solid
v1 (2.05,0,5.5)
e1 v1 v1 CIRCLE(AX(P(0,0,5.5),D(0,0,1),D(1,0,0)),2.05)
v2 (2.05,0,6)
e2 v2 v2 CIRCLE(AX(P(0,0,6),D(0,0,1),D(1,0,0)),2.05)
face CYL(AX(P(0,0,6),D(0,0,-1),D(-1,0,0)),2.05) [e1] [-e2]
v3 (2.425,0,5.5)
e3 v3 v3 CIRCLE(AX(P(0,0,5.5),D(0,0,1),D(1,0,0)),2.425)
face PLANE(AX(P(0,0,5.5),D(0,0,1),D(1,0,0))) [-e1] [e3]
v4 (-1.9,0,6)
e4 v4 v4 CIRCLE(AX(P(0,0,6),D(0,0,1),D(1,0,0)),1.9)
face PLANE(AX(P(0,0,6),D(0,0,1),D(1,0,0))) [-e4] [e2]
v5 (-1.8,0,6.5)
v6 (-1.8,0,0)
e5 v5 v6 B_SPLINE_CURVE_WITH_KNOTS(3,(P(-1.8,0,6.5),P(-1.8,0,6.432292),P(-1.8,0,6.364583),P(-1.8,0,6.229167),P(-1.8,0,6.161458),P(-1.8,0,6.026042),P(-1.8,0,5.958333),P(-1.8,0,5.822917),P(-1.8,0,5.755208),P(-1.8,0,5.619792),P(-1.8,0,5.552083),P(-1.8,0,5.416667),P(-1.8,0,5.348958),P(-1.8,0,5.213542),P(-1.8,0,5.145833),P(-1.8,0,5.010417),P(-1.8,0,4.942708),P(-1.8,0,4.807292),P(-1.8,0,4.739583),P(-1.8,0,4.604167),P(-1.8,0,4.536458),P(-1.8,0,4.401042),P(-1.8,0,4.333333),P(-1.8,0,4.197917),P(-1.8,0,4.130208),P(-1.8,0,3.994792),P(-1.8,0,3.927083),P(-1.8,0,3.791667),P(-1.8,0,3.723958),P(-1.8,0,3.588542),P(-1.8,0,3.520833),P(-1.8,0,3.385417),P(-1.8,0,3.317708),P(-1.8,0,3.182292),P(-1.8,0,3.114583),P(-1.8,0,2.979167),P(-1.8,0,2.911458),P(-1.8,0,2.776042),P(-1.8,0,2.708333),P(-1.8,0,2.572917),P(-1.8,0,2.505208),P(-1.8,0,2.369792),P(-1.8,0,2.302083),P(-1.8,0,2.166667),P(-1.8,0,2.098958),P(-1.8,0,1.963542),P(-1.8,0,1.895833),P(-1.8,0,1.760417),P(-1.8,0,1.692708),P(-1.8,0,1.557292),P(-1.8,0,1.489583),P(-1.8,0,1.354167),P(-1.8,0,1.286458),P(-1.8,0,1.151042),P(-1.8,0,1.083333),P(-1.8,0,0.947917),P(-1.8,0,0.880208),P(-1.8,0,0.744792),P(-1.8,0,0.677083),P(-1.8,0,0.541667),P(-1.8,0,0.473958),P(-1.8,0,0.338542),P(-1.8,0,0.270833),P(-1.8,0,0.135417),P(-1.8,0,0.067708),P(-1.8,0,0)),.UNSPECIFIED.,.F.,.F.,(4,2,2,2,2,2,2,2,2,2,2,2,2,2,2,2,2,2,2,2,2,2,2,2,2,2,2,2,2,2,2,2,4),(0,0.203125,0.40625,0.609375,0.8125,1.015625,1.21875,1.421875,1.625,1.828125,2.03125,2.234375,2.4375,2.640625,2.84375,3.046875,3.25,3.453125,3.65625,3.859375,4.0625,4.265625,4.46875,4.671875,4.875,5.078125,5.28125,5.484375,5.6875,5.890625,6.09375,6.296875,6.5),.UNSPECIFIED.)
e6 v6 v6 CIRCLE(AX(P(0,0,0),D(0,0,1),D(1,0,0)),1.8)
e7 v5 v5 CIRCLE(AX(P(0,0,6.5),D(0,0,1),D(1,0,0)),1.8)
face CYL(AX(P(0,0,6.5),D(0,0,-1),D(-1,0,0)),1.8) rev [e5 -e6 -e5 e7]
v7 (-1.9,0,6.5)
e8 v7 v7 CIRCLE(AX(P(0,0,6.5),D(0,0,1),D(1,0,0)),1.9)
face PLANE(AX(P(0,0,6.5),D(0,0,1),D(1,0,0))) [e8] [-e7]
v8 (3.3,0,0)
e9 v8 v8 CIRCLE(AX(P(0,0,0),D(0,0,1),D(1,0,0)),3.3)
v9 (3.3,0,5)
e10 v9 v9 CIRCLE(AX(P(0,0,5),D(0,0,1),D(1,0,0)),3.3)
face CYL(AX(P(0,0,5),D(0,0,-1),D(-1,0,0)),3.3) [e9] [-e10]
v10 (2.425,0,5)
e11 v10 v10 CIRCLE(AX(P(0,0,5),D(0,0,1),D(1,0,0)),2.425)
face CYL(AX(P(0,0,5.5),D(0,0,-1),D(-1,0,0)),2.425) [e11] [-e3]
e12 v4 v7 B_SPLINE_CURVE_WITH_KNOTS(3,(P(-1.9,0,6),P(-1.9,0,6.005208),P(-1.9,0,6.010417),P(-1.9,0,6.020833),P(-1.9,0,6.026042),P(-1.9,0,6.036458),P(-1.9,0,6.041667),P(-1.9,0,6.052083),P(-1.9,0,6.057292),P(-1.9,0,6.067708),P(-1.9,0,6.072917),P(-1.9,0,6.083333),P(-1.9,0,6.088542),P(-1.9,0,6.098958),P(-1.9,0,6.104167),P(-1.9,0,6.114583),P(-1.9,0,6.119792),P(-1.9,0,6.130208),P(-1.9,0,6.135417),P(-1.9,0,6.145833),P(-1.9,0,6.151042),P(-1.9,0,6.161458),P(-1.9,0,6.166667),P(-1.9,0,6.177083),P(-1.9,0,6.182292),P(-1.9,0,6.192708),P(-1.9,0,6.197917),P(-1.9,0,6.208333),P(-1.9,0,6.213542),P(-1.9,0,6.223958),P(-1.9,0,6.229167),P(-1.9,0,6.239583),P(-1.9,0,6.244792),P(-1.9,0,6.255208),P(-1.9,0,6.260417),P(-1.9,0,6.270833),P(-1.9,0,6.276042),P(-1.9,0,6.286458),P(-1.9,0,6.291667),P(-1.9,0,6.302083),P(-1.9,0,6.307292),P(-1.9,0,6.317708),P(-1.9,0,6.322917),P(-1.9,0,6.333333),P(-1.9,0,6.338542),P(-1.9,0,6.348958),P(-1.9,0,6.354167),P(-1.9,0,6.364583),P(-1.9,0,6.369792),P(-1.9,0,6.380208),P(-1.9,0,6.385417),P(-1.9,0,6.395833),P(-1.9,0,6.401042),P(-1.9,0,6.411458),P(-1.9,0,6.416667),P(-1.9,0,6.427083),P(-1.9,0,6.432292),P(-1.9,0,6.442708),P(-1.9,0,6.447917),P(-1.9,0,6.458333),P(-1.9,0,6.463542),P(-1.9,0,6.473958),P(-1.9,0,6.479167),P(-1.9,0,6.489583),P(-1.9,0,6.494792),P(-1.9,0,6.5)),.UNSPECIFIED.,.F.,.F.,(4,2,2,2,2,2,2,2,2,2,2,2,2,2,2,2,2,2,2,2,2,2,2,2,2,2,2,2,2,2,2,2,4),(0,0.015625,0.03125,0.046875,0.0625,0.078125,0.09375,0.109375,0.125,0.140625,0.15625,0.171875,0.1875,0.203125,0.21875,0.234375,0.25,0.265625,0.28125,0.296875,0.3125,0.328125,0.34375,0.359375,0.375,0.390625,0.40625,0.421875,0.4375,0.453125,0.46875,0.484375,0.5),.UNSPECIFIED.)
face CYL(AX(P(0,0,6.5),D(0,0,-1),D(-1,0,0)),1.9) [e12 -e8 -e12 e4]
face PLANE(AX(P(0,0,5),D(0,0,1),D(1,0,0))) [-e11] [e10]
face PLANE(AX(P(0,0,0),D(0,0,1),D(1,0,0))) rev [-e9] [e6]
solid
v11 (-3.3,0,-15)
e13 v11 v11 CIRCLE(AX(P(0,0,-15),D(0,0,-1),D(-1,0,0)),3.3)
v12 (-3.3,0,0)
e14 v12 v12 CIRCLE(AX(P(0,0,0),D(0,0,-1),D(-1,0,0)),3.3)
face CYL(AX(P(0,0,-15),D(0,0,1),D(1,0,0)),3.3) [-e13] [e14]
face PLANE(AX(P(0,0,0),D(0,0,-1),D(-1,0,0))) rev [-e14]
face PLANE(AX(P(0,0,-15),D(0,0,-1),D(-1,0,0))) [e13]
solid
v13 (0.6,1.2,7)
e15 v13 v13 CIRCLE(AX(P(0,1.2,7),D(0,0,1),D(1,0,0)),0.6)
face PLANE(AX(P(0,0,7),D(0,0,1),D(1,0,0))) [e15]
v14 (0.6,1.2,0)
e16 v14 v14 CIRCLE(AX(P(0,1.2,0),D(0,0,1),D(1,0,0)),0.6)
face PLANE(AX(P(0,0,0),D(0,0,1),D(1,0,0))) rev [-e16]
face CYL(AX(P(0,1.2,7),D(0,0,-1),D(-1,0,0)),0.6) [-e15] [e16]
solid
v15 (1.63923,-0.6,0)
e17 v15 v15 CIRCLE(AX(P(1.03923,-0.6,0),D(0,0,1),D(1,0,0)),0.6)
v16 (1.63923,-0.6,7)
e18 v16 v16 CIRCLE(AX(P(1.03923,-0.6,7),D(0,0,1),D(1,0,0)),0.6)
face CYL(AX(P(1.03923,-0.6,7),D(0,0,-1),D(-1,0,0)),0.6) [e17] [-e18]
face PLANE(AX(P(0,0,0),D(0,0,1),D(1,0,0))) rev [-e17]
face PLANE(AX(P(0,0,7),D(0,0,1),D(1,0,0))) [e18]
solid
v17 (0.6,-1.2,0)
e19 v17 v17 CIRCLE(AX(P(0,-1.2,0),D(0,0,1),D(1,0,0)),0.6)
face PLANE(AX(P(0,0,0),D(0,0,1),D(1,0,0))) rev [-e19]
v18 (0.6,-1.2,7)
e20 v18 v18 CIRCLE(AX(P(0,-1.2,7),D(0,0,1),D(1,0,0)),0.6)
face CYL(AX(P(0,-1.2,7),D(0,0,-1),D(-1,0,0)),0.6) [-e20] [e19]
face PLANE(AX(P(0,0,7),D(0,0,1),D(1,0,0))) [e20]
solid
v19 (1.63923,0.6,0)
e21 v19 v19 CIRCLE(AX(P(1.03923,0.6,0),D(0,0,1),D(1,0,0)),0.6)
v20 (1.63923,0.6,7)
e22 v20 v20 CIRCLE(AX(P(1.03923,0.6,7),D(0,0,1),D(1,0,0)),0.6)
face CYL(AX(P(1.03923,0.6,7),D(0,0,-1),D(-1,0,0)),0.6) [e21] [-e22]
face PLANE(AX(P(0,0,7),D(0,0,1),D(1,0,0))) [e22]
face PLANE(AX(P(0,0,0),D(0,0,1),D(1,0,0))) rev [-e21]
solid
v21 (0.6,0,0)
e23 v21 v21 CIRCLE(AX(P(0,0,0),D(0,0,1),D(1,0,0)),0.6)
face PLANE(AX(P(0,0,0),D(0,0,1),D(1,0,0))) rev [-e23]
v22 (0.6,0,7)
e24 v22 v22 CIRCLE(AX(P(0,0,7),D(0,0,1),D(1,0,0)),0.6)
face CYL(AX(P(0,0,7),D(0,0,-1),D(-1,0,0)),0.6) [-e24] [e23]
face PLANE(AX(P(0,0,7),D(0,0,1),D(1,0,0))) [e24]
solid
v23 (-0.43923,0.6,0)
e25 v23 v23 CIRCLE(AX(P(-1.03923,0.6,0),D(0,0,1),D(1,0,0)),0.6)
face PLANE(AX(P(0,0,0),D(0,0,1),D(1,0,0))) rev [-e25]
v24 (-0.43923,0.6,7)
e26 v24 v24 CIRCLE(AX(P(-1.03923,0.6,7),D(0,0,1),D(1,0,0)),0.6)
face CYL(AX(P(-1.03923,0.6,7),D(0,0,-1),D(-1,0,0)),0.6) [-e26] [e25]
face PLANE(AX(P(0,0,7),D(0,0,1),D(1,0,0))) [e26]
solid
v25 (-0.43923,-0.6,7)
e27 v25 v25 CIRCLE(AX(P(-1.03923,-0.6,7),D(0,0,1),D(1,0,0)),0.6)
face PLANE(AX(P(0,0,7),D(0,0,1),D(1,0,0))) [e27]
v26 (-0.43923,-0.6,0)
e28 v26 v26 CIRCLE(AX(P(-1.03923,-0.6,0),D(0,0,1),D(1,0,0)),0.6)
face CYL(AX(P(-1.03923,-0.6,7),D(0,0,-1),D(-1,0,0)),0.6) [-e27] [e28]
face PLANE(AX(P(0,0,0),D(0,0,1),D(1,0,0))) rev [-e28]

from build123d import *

# Parameters (mm, degrees)
IZIM1_R                       = 6.6
IZIM1_R_2                     = 4.85
Y_KSEKLIK_EKSTR_ZYON1_DEPTH   = 10
IZIM1_5_R                     = 4.85
IZIM1_5_R_2                   = 4.1
Y_KSEKLIK_EKSTR_ZYON2_DEPTH   = 11
IZIM1_6_R                     = 4.1
IZIM1_6_R_2                   = 3.8
Y_KSEKLIK_EKSTR_ZYON3_DEPTH   = 12
IZIM1_7_R                     = 3.8
Y_KSEKLIK_EKSTR_ZYON4_DEPTH   = 13
Y_KSEKLIK_EKSTR_ZYON5_DEPTH   = 14
Y_KSEKLIK_EKSTR_ZYON5_2_DEPTH = 14
Y_KSEKLIK_EKSTR_ZYON5_3_DEPTH = 14
Y_KSEKLIK_EKSTR_ZYON5_4_DEPTH = 14
Y_KSEKLIK_EKSTR_ZYON5_5_DEPTH = 14
Y_KSEKLIK_EKSTR_ZYON5_6_DEPTH = 14
Y_KSEKLIK_EKSTR_ZYON5_7_DEPTH = 14
L_EK6_SCALE                   = 0.5
IZIM3_R                       = 3.3
Y_KSEKLIK_EKSTR_ZYON8_DEPTH   = 15


with BuildPart() as part:
    # Çizim1 → Yükseklik-Ekstrüzyon1 (new body)
    with BuildSketch(Plane.XY):
        Circle(IZIM1_R)
        Circle(IZIM1_R_2, mode=Mode.SUBTRACT)
    extrude(amount=Y_KSEKLIK_EKSTR_ZYON1_DEPTH)

    # Çizim1<5> → Yükseklik-Ekstrüzyon2 (add)
    with BuildSketch(Plane.XY):
        Circle(IZIM1_5_R)
        Circle(IZIM1_5_R_2, mode=Mode.SUBTRACT)
    extrude(amount=Y_KSEKLIK_EKSTR_ZYON2_DEPTH)

    # Çizim1<6> → Yükseklik-Ekstrüzyon3 (add)
    with BuildSketch(Plane.XY):
        Circle(IZIM1_6_R)
        Circle(IZIM1_6_R_2, mode=Mode.SUBTRACT)
    extrude(amount=Y_KSEKLIK_EKSTR_ZYON3_DEPTH)

    # Çizim1<7> → Yükseklik-Ekstrüzyon4 (add)
    with BuildSketch(Plane.XY):
        Circle(IZIM1_7_R)
        with BuildLine():
            ThreePointArc((1e-09, 3.6), (1.799999837, 3.117691548), (3.117691265, 1.800000327))
            ThreePointArc((3.117691265, 1.800000327), (3.477332926, 0.931748744), (3.6, 0))
            ThreePointArc((3.6, 0), (3.477333, -0.931748466), (3.117691553, -1.799999828))
            ThreePointArc((3.117691553, -1.799999828), (1.800000078, -3.117691408), (-1.8e-08, -3.6))
            ThreePointArc((-1.8e-08, -3.6), (-1.800000027, -3.117691438), (-3.117691475, -1.799999962))
            ThreePointArc((-3.117691475, -1.799999962), (-3.6, 2.09e-07), (-3.117691266, 1.800000324))
            ThreePointArc((-3.117691266, 1.800000324), (-1.799999837, 3.117691547), (1e-09, 3.6))
        make_face(mode=Mode.SUBTRACT)
    extrude(amount=Y_KSEKLIK_EKSTR_ZYON4_DEPTH)


with BuildPart() as body_2:
    # Çizim1<8> → Yükseklik-Ekstrüzyon5 (new body)
    with BuildSketch(Plane.XY):
        with BuildLine():
            ThreePointArc((1.039230332, -0.600000264), (1.2, -2.6e-08), (1.039230358, 0.600000219))
            ThreePointArc((1.039230358, 0.600000219), (0.599999889, 1.039230548), (-2e-09, 1.2))
            ThreePointArc((-2e-09, 1.2), (-0.599999999, 1.039230485), (-1.039230482, 0.600000005))
            ThreePointArc((-1.039230482, 0.600000005), (-1.2, 6.3e-08), (-1.039230545, -0.599999895))
            ThreePointArc((-1.039230545, -0.599999895), (-0.600000053, -1.039230454), (0, -1.2))
            ThreePointArc((0, -1.2), (0.599999868, -1.039230561), (1.039230332, -0.600000264))
        make_face()
    extrude(amount=Y_KSEKLIK_EKSTR_ZYON5_DEPTH)


with BuildPart() as body_3:
    # Çizim1<8> → Y_kseklik-Ekstr_zyon5 2 (new body)
    with BuildSketch(Plane.XY):
        with BuildLine():
            ThreePointArc((1.039230359, 1.799999783), (0.878460969, 1.200000001), (1.039230358, 0.600000219))
            ThreePointArc((1.039230358, 0.600000219), (1.47846086, 0.160769579), (2.078460969, 0))
            ThreePointArc((2.078460969, 0), (3.117691391, 1.800000109), (1.039230359, 1.799999783))
        make_face()
    extrude(amount=Y_KSEKLIK_EKSTR_ZYON5_2_DEPTH)


with BuildPart() as body_4:
    # Çizim1<8> → Y_kseklik-Ekstr_zyon5 3 (new body)
    with BuildSketch(Plane.XY):
        with BuildLine():
            ThreePointArc((2.078460969, 0), (1.478460837, -0.160769592), (1.039230332, -0.600000264))
            ThreePointArc((1.039230332, -0.600000264), (0.878460969, -1.20000028), (1.039230612, -1.800000221))
            ThreePointArc((1.039230612, -1.800000221), (3.117691518, -1.799999889), (2.078460969, 0))
        make_face()
    extrude(amount=Y_KSEKLIK_EKSTR_ZYON5_3_DEPTH)


with BuildPart() as body_5:
    # Çizim1<8> → Y_kseklik-Ekstr_zyon5 4 (new body)
    with BuildSketch(Plane.XY):
        with BuildLine():
            ThreePointArc((-1.039230399, 1.799999852), (-0.599999927, 1.360769473), (-2e-09, 1.2))
            ThreePointArc((-2e-09, 1.2), (0.59999989, 1.360769452), (1.039230359, 1.799999783))
            ThreePointArc((1.039230359, 1.799999783), (4e-08, 3.6), (-1.039230399, 1.799999852))
        make_face()
    extrude(amount=Y_KSEKLIK_EKSTR_ZYON5_4_DEPTH)


with BuildPart() as body_6:
    # Çizim1<8> → Y_kseklik-Ekstr_zyon5 5 (new body)
    with BuildSketch(Plane.XY):
        with BuildLine():
            ThreePointArc((1.039230612, -1.800000221), (0.600000111, -1.360769579), (0, -1.2))
            ThreePointArc((0, -1.2), (-0.59999994, -1.360769481), (-1.039230415, -1.79999988))
            ThreePointArc((-1.039230415, -1.79999988), (-1.97e-07, -3.6), (1.039230612, -1.800000221))
        make_face()
    extrude(amount=Y_KSEKLIK_EKSTR_ZYON5_5_DEPTH)


with BuildPart() as body_7:
    # Çizim1<8> → Y_kseklik-Ekstr_zyon5 6 (new body)
    with BuildSketch(Plane.XY):
        with BuildLine():
            ThreePointArc((-2.078460966, 0), (-1.478460966, 0.160769517), (-1.039230482, 0.600000005))
            ThreePointArc((-1.039230482, 0.600000005), (-0.878460969, 1.199999917), (-1.039230399, 1.799999852))
            ThreePointArc((-1.039230399, 1.799999852), (-3.117691412, 1.800000073), (-2.078460966, 0))
        make_face()
    extrude(amount=Y_KSEKLIK_EKSTR_ZYON5_6_DEPTH)


with BuildPart() as body_8:
    # Çizim1<8> → Y_kseklik-Ekstr_zyon5 7 (new body)
    with BuildSketch(Plane.XY):
        with BuildLine():
            ThreePointArc((-1.039230415, -1.79999988), (-0.878460969, -1.19999987), (-1.039230545, -0.599999895))
            ThreePointArc((-1.039230545, -0.599999895), (-1.47846102, -0.160769486), (-2.078460966, 0))
            ThreePointArc((-2.078460966, 0), (-3.11769142, -1.800000059), (-1.039230415, -1.79999988))
        make_face()
    extrude(amount=Y_KSEKLIK_EKSTR_ZYON5_7_DEPTH)


with BuildPart() as body_4_1:
    # Ölçek6: scaled about (0, 0, 0)
    add(body_4.part.scale(L_EK6_SCALE))


with BuildPart() as body_6_1:
    # Ölçek6: scaled about (0, 0, 0)
    add(body_6.part.scale(L_EK6_SCALE))


with BuildPart() as body_8_1:
    # Ölçek6: scaled about (0, 0, 0)
    add(body_8.part.scale(L_EK6_SCALE))


with BuildPart() as body_7_1:
    # Ölçek6: scaled about (0, 0, 0)
    add(body_7.part.scale(L_EK6_SCALE))


with BuildPart() as body_2_1:
    # Ölçek6: scaled about (0, 0, 0)
    add(body_2.part.scale(L_EK6_SCALE))


with BuildPart() as body_3_1:
    # Ölçek6: scaled about (0, 0, 0)
    add(body_3.part.scale(L_EK6_SCALE))


with BuildPart() as body_5_1:
    # Ölçek6: scaled about (0, 0, 0)
    add(body_5.part.scale(L_EK6_SCALE))


with BuildPart() as part_1:
    # Ölçek6: scaled about (0, 0, 0)
    add(part.part.scale(L_EK6_SCALE))


with BuildPart() as body_9:
    # Çizim3 → Yükseklik-Ekstrüzyon8 (new body)
    with BuildSketch(Plane(origin=(0, 0, 0), x_dir=(-1, 0, 0), z_dir=(0, 0, -1))):
        Circle(IZIM3_R)
    extrude(amount=Y_KSEKLIK_EKSTR_ZYON8_DEPTH)


solid = Compound([body_4_1.part, body_6_1.part, body_8_1.part, body_7_1.part, body_2_1.part, body_3_1.part, body_5_1.part, part_1.part, body_9.part])
